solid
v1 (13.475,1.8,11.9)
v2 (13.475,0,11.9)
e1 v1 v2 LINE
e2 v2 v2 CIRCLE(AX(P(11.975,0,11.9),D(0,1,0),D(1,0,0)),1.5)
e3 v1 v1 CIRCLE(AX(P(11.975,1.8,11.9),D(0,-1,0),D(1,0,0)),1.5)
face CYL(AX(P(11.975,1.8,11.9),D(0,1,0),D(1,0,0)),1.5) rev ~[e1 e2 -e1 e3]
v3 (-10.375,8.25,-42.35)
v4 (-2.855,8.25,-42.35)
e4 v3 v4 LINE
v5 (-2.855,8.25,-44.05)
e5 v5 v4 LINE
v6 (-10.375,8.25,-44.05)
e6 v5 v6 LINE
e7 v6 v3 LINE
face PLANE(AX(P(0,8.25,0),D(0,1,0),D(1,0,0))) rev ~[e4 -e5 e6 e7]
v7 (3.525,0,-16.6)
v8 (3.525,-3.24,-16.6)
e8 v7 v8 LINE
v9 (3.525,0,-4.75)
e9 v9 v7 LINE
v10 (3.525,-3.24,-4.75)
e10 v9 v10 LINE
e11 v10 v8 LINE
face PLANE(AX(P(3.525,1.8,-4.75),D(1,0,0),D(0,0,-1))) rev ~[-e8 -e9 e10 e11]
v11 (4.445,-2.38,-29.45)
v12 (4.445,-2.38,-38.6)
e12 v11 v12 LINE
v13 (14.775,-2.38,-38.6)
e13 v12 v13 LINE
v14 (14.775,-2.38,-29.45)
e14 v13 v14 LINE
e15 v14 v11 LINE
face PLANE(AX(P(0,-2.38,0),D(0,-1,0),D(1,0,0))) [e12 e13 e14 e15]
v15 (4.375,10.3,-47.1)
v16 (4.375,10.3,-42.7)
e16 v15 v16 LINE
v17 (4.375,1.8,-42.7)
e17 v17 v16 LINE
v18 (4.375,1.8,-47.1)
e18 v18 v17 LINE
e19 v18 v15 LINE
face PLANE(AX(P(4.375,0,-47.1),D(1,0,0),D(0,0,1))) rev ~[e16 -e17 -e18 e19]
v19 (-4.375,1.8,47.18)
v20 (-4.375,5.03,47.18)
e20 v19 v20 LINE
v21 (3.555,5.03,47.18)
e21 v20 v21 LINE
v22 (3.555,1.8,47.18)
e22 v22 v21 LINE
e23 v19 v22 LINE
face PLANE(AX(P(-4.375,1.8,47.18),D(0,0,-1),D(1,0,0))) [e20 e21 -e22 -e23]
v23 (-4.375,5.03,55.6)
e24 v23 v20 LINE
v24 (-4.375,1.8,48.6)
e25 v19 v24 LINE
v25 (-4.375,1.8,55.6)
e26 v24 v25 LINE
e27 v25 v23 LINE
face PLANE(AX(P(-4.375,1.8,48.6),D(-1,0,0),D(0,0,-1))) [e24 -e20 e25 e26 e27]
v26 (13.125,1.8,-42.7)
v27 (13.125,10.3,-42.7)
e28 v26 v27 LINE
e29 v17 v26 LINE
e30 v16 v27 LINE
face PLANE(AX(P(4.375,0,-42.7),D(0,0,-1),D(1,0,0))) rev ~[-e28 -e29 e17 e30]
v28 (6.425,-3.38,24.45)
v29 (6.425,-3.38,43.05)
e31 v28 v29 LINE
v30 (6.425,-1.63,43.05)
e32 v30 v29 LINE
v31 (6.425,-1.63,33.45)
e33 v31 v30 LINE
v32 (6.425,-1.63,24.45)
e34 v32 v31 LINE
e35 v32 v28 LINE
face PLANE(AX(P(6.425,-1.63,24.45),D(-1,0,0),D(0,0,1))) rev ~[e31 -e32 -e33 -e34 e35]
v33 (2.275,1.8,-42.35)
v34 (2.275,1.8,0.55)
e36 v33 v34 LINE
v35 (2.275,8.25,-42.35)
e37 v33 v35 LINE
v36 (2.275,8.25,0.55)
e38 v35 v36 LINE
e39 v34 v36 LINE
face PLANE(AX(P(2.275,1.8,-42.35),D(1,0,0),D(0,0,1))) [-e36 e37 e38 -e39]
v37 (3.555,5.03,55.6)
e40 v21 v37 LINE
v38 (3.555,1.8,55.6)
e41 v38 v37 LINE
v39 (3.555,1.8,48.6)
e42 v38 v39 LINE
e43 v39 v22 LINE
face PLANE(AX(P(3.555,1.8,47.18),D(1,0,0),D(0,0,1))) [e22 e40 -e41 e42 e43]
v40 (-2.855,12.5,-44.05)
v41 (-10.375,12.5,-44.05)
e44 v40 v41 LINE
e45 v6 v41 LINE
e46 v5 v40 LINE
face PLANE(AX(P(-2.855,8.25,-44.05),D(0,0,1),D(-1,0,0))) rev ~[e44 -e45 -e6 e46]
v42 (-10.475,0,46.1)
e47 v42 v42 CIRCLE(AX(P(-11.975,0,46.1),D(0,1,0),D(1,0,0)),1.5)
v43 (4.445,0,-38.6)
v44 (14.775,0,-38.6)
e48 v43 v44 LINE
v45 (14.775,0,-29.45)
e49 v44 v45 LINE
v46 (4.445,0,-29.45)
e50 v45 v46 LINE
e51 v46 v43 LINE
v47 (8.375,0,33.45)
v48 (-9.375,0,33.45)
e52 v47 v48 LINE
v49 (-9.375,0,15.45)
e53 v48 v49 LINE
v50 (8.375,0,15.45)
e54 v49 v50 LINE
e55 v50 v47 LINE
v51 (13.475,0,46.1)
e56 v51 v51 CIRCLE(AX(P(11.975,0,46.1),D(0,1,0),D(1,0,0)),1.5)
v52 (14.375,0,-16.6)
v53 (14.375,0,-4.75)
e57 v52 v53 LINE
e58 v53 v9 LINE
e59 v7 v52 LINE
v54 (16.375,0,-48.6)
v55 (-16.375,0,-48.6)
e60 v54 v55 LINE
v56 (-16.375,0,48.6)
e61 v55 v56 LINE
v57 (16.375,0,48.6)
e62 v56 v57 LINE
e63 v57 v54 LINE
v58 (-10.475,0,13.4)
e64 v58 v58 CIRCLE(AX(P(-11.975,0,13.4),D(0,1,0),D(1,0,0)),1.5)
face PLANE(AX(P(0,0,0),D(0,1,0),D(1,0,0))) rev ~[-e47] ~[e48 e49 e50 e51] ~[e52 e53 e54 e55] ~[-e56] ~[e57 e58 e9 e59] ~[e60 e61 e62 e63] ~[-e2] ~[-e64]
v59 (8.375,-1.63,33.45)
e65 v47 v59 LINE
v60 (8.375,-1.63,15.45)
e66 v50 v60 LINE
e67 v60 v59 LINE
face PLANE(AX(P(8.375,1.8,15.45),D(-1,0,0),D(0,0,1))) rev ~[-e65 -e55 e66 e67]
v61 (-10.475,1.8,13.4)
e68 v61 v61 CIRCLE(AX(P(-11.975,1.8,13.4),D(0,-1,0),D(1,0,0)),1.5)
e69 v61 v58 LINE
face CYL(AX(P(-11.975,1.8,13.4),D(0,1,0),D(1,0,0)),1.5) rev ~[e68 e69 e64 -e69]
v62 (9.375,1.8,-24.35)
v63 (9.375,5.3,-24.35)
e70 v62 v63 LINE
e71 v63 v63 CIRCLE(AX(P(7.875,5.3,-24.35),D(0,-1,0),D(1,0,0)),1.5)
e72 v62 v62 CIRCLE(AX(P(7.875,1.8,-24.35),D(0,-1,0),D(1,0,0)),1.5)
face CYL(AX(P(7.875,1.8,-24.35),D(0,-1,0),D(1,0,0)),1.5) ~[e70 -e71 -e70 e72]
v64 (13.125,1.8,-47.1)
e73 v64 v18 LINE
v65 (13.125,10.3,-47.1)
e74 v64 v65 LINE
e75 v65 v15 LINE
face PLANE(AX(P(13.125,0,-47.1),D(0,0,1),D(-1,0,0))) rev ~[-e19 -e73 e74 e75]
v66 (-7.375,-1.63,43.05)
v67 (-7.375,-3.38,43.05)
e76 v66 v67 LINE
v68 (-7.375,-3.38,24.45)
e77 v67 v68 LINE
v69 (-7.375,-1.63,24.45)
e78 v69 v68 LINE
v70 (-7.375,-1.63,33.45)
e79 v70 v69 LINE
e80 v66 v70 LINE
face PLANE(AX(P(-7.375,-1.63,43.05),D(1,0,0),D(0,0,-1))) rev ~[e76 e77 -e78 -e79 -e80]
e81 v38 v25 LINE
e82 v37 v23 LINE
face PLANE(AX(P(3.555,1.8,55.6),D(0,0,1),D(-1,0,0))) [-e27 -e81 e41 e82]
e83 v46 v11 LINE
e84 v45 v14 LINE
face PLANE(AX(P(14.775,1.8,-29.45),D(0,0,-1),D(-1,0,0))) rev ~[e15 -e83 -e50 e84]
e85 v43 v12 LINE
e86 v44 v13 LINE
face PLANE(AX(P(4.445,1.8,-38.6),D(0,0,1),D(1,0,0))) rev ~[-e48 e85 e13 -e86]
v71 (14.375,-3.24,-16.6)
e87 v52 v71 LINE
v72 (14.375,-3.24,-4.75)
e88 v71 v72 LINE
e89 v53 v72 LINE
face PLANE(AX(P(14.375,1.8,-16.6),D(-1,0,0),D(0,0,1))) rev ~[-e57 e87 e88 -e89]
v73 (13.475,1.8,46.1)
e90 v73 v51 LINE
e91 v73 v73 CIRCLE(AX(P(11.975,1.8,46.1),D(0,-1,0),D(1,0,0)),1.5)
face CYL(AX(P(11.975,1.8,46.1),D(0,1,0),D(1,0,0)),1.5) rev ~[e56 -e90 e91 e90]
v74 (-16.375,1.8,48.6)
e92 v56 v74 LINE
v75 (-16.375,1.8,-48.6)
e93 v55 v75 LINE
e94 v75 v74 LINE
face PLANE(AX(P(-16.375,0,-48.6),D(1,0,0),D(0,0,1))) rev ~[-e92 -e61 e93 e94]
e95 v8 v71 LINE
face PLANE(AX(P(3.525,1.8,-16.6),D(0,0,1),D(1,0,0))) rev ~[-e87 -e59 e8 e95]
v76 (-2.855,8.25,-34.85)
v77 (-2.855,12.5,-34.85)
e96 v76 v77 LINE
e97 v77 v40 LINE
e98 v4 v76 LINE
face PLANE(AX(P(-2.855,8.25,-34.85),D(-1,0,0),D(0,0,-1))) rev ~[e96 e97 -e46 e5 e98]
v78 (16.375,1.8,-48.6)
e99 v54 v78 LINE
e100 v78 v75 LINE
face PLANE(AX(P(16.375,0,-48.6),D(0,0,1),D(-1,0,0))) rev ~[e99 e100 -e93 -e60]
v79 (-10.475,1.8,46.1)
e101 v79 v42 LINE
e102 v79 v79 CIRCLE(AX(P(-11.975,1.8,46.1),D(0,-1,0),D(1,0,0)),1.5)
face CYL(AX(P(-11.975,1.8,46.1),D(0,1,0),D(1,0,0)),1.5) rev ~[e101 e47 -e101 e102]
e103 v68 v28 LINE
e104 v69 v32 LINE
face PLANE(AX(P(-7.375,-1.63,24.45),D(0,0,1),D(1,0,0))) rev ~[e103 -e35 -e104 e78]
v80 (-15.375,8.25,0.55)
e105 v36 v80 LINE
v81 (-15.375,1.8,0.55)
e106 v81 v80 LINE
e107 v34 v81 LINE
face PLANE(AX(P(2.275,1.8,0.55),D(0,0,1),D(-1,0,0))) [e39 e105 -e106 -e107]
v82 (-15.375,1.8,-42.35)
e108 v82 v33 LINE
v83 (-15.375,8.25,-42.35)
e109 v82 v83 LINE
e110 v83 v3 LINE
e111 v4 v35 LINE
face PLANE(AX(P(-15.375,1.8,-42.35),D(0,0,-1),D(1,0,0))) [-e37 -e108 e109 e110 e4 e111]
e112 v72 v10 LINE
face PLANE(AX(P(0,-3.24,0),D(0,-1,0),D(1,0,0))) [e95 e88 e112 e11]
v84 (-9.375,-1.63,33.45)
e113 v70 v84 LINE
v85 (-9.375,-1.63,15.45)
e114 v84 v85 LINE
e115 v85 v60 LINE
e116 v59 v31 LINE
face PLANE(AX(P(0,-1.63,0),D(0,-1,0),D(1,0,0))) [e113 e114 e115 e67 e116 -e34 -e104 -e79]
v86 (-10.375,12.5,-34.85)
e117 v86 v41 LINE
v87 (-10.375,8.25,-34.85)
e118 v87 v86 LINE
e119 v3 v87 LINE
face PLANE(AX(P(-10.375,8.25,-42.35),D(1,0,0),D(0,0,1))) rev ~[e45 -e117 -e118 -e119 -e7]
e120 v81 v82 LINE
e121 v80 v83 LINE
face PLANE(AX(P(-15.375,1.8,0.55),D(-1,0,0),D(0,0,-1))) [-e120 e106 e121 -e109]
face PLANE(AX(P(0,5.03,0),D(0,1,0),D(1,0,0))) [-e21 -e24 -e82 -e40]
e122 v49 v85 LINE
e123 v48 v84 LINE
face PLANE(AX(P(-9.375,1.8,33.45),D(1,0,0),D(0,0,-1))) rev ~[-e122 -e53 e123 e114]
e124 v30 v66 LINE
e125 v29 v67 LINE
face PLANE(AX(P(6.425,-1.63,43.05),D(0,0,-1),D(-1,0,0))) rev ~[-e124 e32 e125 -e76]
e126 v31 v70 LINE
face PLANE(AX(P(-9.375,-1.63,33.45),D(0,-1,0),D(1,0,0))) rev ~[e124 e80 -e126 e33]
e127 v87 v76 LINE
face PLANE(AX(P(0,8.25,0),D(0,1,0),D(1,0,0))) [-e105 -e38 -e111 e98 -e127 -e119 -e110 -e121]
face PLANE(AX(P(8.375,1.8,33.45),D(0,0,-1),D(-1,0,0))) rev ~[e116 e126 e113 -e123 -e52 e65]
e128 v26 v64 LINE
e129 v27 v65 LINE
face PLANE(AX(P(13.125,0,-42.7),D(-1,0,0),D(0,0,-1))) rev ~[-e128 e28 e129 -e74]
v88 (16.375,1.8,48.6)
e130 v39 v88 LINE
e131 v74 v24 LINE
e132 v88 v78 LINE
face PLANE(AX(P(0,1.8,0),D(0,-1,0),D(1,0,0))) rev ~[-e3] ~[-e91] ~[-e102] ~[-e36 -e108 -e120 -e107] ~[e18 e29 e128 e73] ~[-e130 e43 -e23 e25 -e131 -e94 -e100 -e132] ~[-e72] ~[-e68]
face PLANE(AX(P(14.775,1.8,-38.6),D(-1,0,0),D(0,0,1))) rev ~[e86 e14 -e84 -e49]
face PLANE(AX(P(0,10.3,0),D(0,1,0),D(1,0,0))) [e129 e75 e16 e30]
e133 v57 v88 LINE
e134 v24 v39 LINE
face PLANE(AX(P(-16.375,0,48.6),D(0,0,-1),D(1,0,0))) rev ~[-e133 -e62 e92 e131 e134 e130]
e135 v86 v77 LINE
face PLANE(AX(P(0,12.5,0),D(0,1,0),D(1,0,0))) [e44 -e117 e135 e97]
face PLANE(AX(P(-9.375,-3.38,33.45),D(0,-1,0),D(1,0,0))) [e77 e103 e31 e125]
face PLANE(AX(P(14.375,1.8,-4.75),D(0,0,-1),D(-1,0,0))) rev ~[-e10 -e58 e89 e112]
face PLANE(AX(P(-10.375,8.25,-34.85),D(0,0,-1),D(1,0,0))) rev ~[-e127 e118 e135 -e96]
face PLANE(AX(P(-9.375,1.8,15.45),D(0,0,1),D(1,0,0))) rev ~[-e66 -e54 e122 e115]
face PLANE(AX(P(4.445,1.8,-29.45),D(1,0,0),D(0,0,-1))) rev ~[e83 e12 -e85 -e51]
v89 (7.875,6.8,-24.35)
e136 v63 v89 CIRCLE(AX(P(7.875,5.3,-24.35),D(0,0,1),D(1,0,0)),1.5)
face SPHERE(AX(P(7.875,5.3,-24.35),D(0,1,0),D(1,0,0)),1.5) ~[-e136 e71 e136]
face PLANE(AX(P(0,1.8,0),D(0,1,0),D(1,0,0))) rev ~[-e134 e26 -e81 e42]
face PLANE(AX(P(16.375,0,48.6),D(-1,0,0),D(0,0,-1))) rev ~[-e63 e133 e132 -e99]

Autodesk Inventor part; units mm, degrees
ref_plane "YZ Plane" through (0, 0, 0) normal (1, 0, 0) x (0, 1, 0)
ref_plane "XZ Plane" through (0, 0, 0) normal (0, 1, 0) x (-1, 0, 0)
ref_plane "XY Plane" through (0, 0, 0) normal (0, 0, 1) x (1, 0, 0)
sketch "Sketch1" plane through (0, 0, 0) normal (0, 1, 0) x (-1, 0, 0)
  line L0 (16.375, 48.6) -> (-16.375, 48.6)
  line L1 (-16.375, 48.6) -> (-16.375, -48.6)
  line L2 (-16.375, -48.6) -> (16.375, -48.6)
  line L3 (16.375, -48.6) -> (16.375, 48.6)
  line L4 (16.375, 48.6) -> (-16.375, -48.6) construction
  line L5 (-16.375, 48.6) -> (16.375, -48.6) construction
  point P0 (0, 0)
  dimension "d0" = 32.75
  dimension "d1" = 97.2
extrude "Extrusion1" add sketch "Sketch1" along normal blind 1.8
sketch "Sketch4" plane through (0, 0, 0) normal (0, -1, 0) x (1, 0, 0)
  line L0 (8.375, 33.45) -> (-9.375, 33.45)
  line L1 (-9.375, 33.45) -> (-9.375, 15.45)
  line L2 (-9.375, 15.45) -> (8.375, 15.45)
  line L3 (8.375, 15.45) -> (8.375, 33.45)
  line L4 (16.375, 48.6) -> (16.375, -48.6) projected
  line L5 (-16.375, 48.6) -> (16.375, 48.6) projected
  point P0 (0, 0)
  dimension "d12" = 18
  dimension "d13" = 17.75
  dimension "d14" = 8
  dimension "d15" = 15.15
extrude "Extrusion4" add sketch "Sketch4" along normal blind 3.43 from surface at -1.8
sketch "Sketch5" plane through (-9.375, -1.63, 33.45) normal (0, -1, 0) x (1, 0, 0)
  line L0 (2, -9) -> (15.8, -9)
  line L1 (15.8, -9) -> (15.8, 9.6)
  line L2 (15.8, 9.6) -> (2, 9.6)
  line L3 (2, 9.6) -> (2, -9)
  line L4 (0, 0) -> (0, -18) projected
  line L5 (0, -18) -> (17.75, -18) projected
  point P0 (9.375, -33.45)
  dimension "d18" = 18.6
  dimension "d19" = 13.8
  dimension "d20" = 2
  dimension "d21" = 9
extrude "Extrusion5" add sketch "Sketch5" along normal blind 1.75 from surface at 0
sketch "Sketch6" plane through (0, 0, 0) normal (0, -1, 0) x (1, 0, 0)
  line L0 (14.375, -4.75) -> (3.525, -4.75)
  line L1 (3.525, -4.75) -> (3.525, -16.6)
  line L2 (3.525, -16.6) -> (14.375, -16.6)
  line L3 (14.375, -16.6) -> (14.375, -4.75)
  line L4 (16.375, 48.6) -> (16.375, -48.6) projected
  line L5 (16.375, -48.6) -> (-16.375, -48.6) projected
  point P0 (0, 0)
  dimension "d24" = 11.85
  dimension "d25" = 10.85
  dimension "d26" = 2
  dimension "d27" = 32
extrude "Extrusion6" add sketch "Sketch6" along normal blind 5.04 from surface at -1.8
sketch "Sketch7" plane through (0, 0, 0) normal (0, -1, 0) x (1, 0, 0)
  line L0 (14.775, -29.45) -> (4.445, -29.45)
  line L1 (4.445, -29.45) -> (4.445, -38.6)
  line L2 (4.445, -38.6) -> (14.775, -38.6)
  line L3 (14.775, -38.6) -> (14.775, -29.45)
  line L4 (16.375, 48.6) -> (16.375, -48.6) projected
  line L5 (16.375, -48.6) -> (-16.375, -48.6) projected
  point P0 (0, 0)
  dimension "d30" = 9.15
  dimension "d31" = 10.33
  dimension "d32" = 1.6
  dimension "d33" = 10
extrude "Extrusion7" add sketch "Sketch7" along normal blind 4.18 from surface at -1.8
sketch "Sketch8" plane through (0, 1.8, 0) normal (0, 1, 0) x (1, 0, 0)
  line L0 (-4.375, -47.18) -> (3.555, -47.18)
  line L1 (3.555, -47.18) -> (3.555, -55.6)
  line L2 (3.555, -55.6) -> (-4.375, -55.6)
  line L3 (-4.375, -55.6) -> (-4.375, -47.18)
  line L4 (-16.375, 48.6) -> (-16.375, -48.6) projected
  line L5 (-16.375, -48.6) -> (16.375, -48.6) projected
  point P0 (0, 0)
  dimension "d36" = 8.42
  dimension "d37" = 7.93
  dimension "d38" = 12
  dimension "d39" = 7
extrude "Extrusion8" add sketch "Sketch8" along normal blind 3.23
sketch "Sketch9" plane through (0, 1.8, 0) normal (0, 1, 0) x (1, 0, 0)
  circle A0 centre (-11.975, -46.1) radius 1.5
  circle A1 centre (11.975, -46.1) radius 1.5
  circle A2 centre (11.975, -11.9) radius 1.5
  circle A3 centre (-11.975, -13.4) radius 1.5
  line L0 (-13.475, -13.4) -> (-16.375, -13.4)
  line L1 (-16.375, 48.6) -> (-16.375, -48.6) projected
  line L2 (-13.475, -13.4) -> (-11.975, -13.4) construction
  line L3 (-11.975, -46.1) -> (-13.475, -46.1) construction
  line L4 (-13.475, -46.1) -> (-16.375, -46.1)
  line L5 (-11.975, -46.1) -> (-11.975, -47.6) construction
  line L6 (-16.375, -48.6) -> (16.375, -48.6) projected
  line L7 (-11.975, -47.6) -> (-11.975, -48.6)
  line L8 (11.975, -46.1) -> (13.475, -46.1) construction
  line L9 (13.475, -46.1) -> (16.375, -46.1)
  line L10 (11.975, -46.1) -> (11.975, -47.6) construction
  line L11 (11.975, -47.6) -> (11.975, -48.6)
  line L12 (16.375, -48.6) -> (16.375, 48.6) projected
  line L13 (11.975, -46.1) -> (11.975, -44.6) construction
  line L14 (11.975, -44.6) -> (11.975, -13.4)
  line L15 (11.975, -13.4) -> (11.975, -11.9) construction
  line L16 (-11.975, -46.1) -> (-11.975, -14.9)
  line L17 (-11.975, -13.4) -> (-11.975, -14.9) construction
  point P0 (0, 0)
  dimension "d42" = 3
  dimension "d43" = 2.9
  dimension "d44" = 2.9
  dimension "d45" = 1
  dimension "d46" = 1
  dimension "d47" = 2.9
  dimension "d48" = 31.2
  dimension "d49" = 31.2
extrude "Extrusion9" cut sketch "Sketch9" against normal through all contours A0 | A2 | A3 | A1
sketch "Sketch10" plane through (0, 1.8, 0) normal (0, 1, 0) x (1, 0, 0)
  line L0 (2.275, -0.55) -> (-15.375, -0.55)
  line L1 (-15.375, -0.55) -> (-15.375, 42.35)
  line L2 (-15.375, 42.35) -> (2.275, 42.35)
  line L3 (2.275, 42.35) -> (2.275, -0.55)
  line L4 (-16.375, 48.6) -> (-16.375, -48.6) projected
  line L5 (16.375, 48.6) -> (-16.375, 48.6) projected
  point P0 (0, 0)
  dimension "d52" = 42.9
  dimension "d53" = 17.65
  dimension "d54" = 1
  dimension "d55" = 6.25
extrude "Extrusion10" add sketch "Sketch10" along normal blind 6.45
sketch "Sketch11" plane through (0, 8.25, 0) normal (0, 1, 0) x (1, 0, 0)
  line L0 (-10.375, 34.85) -> (-2.855, 34.85)
  line L1 (-2.855, 34.85) -> (-2.855, 44.05)
  line L2 (-2.855, 44.05) -> (-10.375, 44.05)
  line L3 (-10.375, 44.05) -> (-10.375, 34.85)
  line L4 (2.275, 42.35) -> (-15.375, 42.35) projected
  line L5 (-15.375, 42.35) -> (-15.375, -0.55) projected
  point P0 (0, 0)
  dimension "d58" = 9.2
  dimension "d59" = 7.52
  dimension "d60" = 7.5
  dimension "d61" = 5
extrude "Extrusion11" add sketch "Sketch11" along normal blind 4.25
sketch "Sketch12" plane through (0, 1.8, 0) normal (0, 1, 0) x (1, 0, 0)
  circle A0 centre (7.875, 24.35) radius 1.5
  line L0 (7.875, 24.35) -> (9.375, 24.35) construction
  line L1 (9.375, 24.35) -> (16.375, 24.35)
  line L2 (16.375, -48.6) -> (16.375, 48.6) projected
  line L3 (7.875, 24.35) -> (7.875, 25.85) construction
  line L4 (7.875, 25.85) -> (7.875, 48.6)
  line L5 (16.375, 48.6) -> (-16.375, 48.6) projected
  point P0 (0, 0)
  dimension "d64" = 3
  dimension "d65" = 7
  dimension "d66" = 22.75
extrude "Extrusion12" add sketch "Sketch12" along normal blind 5 contours A0
fillet "Fillet1" radius 1.5 1 edges at (6.375, 6.8, -24.35)
sketch "Sketch13" plane through (0, 1.8, 0) normal (0, 1, 0) x (1, 0, 0)
  line L0 (13.125, 47.1) -> (4.375, 47.1)
  line L1 (4.375, 47.1) -> (4.375, 42.7)
  line L2 (4.375, 42.7) -> (13.125, 42.7)
  line L3 (13.125, 42.7) -> (13.125, 47.1)
  line L4 (16.375, 48.6) -> (-16.375, 48.6) projected
  line L5 (16.375, -48.6) -> (16.375, 48.6) projected
  point P0 (0, 0)
  dimension "d70" = 8.75
  dimension "d71" = 4.4
  dimension "d72" = 1.5
  dimension "d73" = 3.25
extrude "Extrusion13" add sketch "Sketch13" along normal blind 10.3 from surface at -1.8
properties part number "PCB Board"
